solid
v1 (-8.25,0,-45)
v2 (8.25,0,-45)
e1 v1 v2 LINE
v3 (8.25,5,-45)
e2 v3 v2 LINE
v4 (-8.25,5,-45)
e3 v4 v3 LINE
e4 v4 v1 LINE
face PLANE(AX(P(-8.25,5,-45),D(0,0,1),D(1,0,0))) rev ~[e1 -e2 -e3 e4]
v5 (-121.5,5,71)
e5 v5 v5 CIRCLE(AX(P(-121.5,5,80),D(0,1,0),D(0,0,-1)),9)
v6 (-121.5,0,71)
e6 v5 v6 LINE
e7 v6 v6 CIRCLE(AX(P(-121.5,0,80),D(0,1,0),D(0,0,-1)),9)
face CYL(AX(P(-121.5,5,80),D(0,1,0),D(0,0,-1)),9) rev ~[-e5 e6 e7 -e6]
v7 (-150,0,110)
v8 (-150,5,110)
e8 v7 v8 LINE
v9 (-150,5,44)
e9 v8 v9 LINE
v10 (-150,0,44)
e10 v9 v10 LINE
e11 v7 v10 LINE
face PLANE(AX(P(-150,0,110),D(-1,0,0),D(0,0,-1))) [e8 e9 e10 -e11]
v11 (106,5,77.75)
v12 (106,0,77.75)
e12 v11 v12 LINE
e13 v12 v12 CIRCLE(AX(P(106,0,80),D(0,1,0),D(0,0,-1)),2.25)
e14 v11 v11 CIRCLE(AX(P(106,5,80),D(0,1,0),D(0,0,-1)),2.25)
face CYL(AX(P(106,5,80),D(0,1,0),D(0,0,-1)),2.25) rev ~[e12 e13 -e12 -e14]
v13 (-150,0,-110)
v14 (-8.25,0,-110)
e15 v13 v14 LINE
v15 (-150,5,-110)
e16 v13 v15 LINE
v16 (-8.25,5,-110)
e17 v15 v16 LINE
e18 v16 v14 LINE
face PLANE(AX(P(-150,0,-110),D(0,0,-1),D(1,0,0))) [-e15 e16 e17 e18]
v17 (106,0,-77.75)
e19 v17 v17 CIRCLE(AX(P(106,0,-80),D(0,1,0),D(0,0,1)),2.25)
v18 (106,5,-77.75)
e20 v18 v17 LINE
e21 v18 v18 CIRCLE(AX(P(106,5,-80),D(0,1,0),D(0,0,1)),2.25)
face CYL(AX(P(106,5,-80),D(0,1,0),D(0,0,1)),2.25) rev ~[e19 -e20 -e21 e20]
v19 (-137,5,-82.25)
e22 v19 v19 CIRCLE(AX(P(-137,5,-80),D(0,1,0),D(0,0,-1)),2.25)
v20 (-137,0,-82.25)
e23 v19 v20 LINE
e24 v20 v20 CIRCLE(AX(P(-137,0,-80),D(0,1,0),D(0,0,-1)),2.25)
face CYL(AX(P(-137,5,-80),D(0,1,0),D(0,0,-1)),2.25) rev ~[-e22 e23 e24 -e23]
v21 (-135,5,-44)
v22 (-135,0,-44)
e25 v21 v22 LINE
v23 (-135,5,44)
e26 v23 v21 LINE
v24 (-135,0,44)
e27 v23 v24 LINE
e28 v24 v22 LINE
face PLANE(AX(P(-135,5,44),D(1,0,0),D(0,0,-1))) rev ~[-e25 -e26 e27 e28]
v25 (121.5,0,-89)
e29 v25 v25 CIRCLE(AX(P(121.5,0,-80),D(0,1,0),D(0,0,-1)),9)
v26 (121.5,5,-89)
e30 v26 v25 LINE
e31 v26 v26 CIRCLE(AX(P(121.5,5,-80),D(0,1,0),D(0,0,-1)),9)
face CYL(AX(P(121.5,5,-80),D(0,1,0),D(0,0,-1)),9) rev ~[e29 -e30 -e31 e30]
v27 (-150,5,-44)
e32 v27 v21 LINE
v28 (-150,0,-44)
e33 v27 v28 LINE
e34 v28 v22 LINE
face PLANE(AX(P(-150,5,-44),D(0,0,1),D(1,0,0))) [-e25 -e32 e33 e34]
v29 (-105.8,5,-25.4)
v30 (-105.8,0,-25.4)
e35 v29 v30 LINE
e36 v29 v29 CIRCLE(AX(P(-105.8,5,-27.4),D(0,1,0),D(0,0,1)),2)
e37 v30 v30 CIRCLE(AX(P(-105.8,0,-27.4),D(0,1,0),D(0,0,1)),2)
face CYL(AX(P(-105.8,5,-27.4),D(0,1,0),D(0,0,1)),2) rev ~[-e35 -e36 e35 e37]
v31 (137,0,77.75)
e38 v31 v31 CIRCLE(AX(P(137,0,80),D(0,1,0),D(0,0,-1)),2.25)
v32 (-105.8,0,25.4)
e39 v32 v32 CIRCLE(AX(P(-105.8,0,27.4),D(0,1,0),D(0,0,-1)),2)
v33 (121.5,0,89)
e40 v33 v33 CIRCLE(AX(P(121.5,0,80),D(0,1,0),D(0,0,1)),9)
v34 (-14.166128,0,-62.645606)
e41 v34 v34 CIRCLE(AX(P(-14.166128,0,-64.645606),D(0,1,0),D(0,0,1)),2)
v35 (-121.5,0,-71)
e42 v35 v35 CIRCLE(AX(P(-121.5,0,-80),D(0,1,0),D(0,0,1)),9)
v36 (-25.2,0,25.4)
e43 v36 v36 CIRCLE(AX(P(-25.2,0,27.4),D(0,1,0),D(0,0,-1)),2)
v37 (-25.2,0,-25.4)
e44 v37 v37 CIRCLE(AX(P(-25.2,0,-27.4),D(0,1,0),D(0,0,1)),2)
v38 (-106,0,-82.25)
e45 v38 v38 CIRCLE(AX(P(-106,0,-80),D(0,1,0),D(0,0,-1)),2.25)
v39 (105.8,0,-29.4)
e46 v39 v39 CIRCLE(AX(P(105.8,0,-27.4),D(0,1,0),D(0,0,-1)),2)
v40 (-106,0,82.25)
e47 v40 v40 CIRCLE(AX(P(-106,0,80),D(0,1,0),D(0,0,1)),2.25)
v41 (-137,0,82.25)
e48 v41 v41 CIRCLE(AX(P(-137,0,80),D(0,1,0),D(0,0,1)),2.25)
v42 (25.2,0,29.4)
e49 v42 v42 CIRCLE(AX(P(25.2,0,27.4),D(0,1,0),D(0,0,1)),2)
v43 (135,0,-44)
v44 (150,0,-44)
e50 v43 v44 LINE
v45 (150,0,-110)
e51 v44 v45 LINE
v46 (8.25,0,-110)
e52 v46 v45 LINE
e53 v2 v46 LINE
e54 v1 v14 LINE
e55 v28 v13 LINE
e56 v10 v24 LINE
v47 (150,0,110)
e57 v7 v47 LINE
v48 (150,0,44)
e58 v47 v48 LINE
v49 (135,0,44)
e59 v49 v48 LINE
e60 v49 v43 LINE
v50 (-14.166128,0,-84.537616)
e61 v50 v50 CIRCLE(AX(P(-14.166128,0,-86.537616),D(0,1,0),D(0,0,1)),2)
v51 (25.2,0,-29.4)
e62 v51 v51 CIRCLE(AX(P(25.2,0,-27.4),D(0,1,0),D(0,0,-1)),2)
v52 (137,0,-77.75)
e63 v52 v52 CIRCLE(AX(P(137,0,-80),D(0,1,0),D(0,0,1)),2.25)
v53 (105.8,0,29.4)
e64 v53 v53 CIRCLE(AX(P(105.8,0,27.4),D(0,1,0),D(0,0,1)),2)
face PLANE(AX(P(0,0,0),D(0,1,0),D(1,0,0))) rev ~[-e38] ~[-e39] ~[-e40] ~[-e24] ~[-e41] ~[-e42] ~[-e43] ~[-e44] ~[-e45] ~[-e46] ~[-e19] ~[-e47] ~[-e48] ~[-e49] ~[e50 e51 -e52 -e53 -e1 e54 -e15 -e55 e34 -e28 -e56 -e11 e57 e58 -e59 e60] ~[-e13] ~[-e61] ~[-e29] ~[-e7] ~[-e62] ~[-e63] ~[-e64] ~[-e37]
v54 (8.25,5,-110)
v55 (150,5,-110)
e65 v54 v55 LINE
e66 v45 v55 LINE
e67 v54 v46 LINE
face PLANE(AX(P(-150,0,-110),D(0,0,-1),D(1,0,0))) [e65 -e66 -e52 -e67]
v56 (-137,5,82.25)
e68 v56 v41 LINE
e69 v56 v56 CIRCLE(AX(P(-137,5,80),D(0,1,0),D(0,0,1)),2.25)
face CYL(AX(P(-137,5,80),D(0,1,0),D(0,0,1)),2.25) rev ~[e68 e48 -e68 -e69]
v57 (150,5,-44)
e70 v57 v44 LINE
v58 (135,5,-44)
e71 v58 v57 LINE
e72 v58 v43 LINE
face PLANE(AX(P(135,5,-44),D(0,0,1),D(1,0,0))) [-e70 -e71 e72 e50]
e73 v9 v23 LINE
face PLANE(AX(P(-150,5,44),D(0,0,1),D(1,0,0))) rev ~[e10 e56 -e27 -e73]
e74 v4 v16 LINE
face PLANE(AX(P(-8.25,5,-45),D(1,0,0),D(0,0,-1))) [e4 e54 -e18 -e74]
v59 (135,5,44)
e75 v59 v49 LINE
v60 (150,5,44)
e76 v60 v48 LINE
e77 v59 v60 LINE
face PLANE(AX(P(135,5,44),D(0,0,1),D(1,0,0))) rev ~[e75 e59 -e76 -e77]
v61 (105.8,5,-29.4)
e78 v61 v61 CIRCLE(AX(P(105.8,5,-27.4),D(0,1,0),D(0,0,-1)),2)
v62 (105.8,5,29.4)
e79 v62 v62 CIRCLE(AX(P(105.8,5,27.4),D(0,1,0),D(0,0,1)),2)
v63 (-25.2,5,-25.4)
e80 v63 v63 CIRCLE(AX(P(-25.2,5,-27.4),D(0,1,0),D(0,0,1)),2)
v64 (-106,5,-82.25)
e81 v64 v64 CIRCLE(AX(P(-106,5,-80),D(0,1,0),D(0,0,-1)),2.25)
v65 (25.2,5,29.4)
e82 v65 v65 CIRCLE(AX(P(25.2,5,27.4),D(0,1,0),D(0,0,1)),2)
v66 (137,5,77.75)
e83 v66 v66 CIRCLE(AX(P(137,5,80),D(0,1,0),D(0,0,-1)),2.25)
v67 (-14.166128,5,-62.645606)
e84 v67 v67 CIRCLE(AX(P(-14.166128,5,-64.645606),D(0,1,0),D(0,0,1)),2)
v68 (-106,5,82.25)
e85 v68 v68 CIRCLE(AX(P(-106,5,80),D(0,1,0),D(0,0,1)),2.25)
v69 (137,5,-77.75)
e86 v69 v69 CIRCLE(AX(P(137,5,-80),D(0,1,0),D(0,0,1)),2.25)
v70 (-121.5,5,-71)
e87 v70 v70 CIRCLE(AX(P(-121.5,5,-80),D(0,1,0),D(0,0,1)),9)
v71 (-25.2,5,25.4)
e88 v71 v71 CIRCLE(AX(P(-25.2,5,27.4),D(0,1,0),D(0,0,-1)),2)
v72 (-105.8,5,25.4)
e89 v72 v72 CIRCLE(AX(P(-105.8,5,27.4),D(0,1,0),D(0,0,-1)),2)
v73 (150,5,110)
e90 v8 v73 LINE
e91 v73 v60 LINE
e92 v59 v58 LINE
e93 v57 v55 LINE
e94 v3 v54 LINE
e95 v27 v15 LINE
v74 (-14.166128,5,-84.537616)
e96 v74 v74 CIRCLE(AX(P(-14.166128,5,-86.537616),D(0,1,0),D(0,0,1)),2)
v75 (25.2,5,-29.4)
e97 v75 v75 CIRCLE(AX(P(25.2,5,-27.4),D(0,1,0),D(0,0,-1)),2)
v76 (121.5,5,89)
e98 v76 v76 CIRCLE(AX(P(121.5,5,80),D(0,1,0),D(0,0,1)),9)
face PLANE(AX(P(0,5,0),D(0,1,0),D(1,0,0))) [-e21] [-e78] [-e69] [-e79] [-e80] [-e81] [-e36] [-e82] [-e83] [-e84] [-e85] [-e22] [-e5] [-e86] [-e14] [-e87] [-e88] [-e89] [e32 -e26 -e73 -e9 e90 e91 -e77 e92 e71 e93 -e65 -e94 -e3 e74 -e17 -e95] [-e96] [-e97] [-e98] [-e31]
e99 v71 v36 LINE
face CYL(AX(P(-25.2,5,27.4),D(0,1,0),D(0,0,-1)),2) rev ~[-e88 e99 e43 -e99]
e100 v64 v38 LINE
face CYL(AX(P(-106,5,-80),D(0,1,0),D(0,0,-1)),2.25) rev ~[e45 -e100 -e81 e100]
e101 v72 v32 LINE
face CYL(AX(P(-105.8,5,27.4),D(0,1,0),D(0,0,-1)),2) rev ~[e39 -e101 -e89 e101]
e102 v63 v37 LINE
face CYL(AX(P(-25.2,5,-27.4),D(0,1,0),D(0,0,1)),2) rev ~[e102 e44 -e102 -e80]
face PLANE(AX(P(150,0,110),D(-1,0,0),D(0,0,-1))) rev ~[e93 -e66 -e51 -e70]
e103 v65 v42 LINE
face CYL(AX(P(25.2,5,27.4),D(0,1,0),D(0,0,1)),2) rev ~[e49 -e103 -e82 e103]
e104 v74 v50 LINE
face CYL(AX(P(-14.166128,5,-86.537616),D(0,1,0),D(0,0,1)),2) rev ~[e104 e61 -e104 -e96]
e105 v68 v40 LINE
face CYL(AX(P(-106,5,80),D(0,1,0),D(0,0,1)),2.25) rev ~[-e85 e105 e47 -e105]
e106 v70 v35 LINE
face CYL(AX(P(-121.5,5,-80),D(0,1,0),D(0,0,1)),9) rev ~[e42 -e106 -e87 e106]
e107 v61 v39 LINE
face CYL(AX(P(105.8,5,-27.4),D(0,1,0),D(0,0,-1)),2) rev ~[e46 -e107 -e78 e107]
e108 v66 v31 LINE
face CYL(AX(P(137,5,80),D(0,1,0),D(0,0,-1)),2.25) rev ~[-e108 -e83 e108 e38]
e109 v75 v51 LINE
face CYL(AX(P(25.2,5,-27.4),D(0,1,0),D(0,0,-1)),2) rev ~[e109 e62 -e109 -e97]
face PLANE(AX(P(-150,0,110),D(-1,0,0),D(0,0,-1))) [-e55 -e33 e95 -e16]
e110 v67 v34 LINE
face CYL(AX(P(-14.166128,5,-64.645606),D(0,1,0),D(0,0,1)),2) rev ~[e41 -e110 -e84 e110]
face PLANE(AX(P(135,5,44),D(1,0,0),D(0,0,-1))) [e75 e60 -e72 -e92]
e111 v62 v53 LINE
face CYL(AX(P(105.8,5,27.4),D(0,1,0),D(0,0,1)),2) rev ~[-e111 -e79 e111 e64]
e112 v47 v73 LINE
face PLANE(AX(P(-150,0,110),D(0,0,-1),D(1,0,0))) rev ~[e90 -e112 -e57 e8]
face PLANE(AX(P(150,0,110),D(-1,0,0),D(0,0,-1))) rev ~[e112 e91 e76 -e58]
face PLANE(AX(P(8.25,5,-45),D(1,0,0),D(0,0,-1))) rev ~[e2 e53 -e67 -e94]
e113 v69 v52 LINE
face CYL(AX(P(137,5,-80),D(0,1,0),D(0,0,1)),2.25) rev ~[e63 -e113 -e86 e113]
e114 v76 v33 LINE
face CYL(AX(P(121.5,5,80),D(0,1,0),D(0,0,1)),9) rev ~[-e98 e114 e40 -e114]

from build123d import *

# Parameters (mm, degrees)
SKETCH1_W               = 300
SKETCH1_H               = 220
BOSS_EXTRUDE1_DEPTH     = 5
SKETCH2_W               = 15
SKETCH2_H               = 88
CUT_EXTRUDE1_DEPTH      = 10
ESQUISSE2_R             = 2
ENL_V_MAT_EXTRU_1_DEPTH = 10
ESQUISSE4_W             = 16.5
ESQUISSE4_H             = 65
ENL_V_MAT_EXTRU_4_DEPTH = 5
ESQUISSE5_R             = 2
ENL_V_MAT_EXTRU_5_DEPTH = 10
ESQUISSE6_R             = 2.25
ENL_V_MAT_EXTRU_6_DEPTH = 10
ESQUISSE7_R             = 9
ENL_V_MAT_EXTRU_9_DEPTH = 10


with BuildPart() as part:
    # Sketch1 → Boss-Extrude1 (new body)
    with BuildSketch(Plane(origin=(0, 0, 0), x_dir=(1, 0, 0), z_dir=(0, 1, 0))):
        Rectangle(SKETCH1_W, SKETCH1_H)
    extrude(amount=BOSS_EXTRUDE1_DEPTH)

    # Sketch2 → Cut-Extrude1 (cut)
    with BuildSketch(Plane(origin=(0, 5, 0), x_dir=(1, 0, 0), z_dir=(0, 1, 0))):
        with Locations((-142.5, 0)):
            Rectangle(SKETCH2_W, SKETCH2_H)
        with Locations((142.5, 0)):
            Rectangle(SKETCH2_W, SKETCH2_H)
    extrude(amount=-CUT_EXTRUDE1_DEPTH, mode=Mode.SUBTRACT)

    # Esquisse2 → Enlèv. mat.-Extru.1 (cut)
    with BuildSketch(Plane(origin=(0, 5, 0), x_dir=(1, 0, 0), z_dir=(0, 1, 0))):
        with Locations(Location((-105.8, 27.4, 0), (0, 0, 270))):
            Circle(ESQUISSE2_R)
        with Locations(Location((-25.2, 27.4, 0), (0, 0, 270))):
            Circle(ESQUISSE2_R)
        with Locations(Location((-25.2, -27.4, 0), (0, 0, 90))):
            Circle(ESQUISSE2_R)
        with Locations(Location((-105.8, -27.4, 0), (0, 0, 90))):
            Circle(ESQUISSE2_R)
        with Locations(Location((25.2, -27.4, 0), (0, 0, 270))):
            Circle(ESQUISSE2_R)
        with Locations(Location((105.8, -27.4, 0), (0, 0, 270))):
            Circle(ESQUISSE2_R)
        with Locations(Location((25.2, 27.4, 0), (0, 0, 90))):
            Circle(ESQUISSE2_R)
        with Locations(Location((105.8, 27.4, 0), (0, 0, 90))):
            Circle(ESQUISSE2_R)
    extrude(amount=-ENL_V_MAT_EXTRU_1_DEPTH, mode=Mode.SUBTRACT)

    # Esquisse4 → Enlèv. mat.-Extru.4 (cut)
    with BuildSketch(Plane(origin=(0, 5, 0), x_dir=(1, 0, 0), z_dir=(0, 1, 0))):
        with Locations((0, 77.5)):
            Rectangle(ESQUISSE4_W, ESQUISSE4_H)
    extrude(amount=-ENL_V_MAT_EXTRU_4_DEPTH, mode=Mode.SUBTRACT)

    # Esquisse5 → Enlèv. mat.-Extru.5 (cut)
    with BuildSketch(Plane(origin=(0, 5, 0), x_dir=(1, 0, 0), z_dir=(0, 1, 0))):
        with Locations(Location((-14.16612842, 86.53761558, 0), (0, 0, 270))):
            Circle(ESQUISSE5_R)
        with Locations(Location((-14.16612842, 64.64560566, 0), (0, 0, 270))):
            Circle(ESQUISSE5_R)
    extrude(amount=-ENL_V_MAT_EXTRU_5_DEPTH, mode=Mode.SUBTRACT)

    # Esquisse6 → Enlèv. mat.-Extru.6 (cut)
    with BuildSketch(Plane(origin=(0, 5, 0), x_dir=(1, 0, 0), z_dir=(0, 1, 0))):
        with Locations(Location((-137, -80, 0), (0, 0, 270))):
            Circle(ESQUISSE6_R)
        with Locations(Location((-106, -80, 0), (0, 0, 270))):
            Circle(ESQUISSE6_R)
        with Locations(Location((106, -80, 0), (0, 0, 90))):
            Circle(ESQUISSE6_R)
        with Locations(Location((137, -80, 0), (0, 0, 90))):
            Circle(ESQUISSE6_R)
        with Locations(Location((137, 80, 0), (0, 0, 270))):
            Circle(ESQUISSE6_R)
        with Locations(Location((106, 80, 0), (0, 0, 270))):
            Circle(ESQUISSE6_R)
        with Locations(Location((-106, 80, 0), (0, 0, 90))):
            Circle(ESQUISSE6_R)
        with Locations(Location((-137, 80, 0), (0, 0, 90))):
            Circle(ESQUISSE6_R)
    extrude(amount=-ENL_V_MAT_EXTRU_6_DEPTH, mode=Mode.SUBTRACT)

    # Esquisse7 → Enlèv. mat.-Extru.9 (cut)
    with BuildSketch(Plane(origin=(0, 5, 0), x_dir=(1, 0, 0), z_dir=(0, 1, 0))):
        with Locations(Location((-121.5, 80, 0), (0, 0, 270))):
            Circle(ESQUISSE7_R)
        with Locations(Location((-121.5, -80, 0), (0, 0, 90))):
            Circle(ESQUISSE7_R)
        with Locations(Location((121.5, -80, 0), (0, 0, 270))):
            Circle(ESQUISSE7_R)
        with Locations(Location((121.5, 80, 0), (0, 0, 90))):
            Circle(ESQUISSE7_R)
    extrude(amount=-ENL_V_MAT_EXTRU_9_DEPTH, mode=Mode.SUBTRACT)


solid = part.part
